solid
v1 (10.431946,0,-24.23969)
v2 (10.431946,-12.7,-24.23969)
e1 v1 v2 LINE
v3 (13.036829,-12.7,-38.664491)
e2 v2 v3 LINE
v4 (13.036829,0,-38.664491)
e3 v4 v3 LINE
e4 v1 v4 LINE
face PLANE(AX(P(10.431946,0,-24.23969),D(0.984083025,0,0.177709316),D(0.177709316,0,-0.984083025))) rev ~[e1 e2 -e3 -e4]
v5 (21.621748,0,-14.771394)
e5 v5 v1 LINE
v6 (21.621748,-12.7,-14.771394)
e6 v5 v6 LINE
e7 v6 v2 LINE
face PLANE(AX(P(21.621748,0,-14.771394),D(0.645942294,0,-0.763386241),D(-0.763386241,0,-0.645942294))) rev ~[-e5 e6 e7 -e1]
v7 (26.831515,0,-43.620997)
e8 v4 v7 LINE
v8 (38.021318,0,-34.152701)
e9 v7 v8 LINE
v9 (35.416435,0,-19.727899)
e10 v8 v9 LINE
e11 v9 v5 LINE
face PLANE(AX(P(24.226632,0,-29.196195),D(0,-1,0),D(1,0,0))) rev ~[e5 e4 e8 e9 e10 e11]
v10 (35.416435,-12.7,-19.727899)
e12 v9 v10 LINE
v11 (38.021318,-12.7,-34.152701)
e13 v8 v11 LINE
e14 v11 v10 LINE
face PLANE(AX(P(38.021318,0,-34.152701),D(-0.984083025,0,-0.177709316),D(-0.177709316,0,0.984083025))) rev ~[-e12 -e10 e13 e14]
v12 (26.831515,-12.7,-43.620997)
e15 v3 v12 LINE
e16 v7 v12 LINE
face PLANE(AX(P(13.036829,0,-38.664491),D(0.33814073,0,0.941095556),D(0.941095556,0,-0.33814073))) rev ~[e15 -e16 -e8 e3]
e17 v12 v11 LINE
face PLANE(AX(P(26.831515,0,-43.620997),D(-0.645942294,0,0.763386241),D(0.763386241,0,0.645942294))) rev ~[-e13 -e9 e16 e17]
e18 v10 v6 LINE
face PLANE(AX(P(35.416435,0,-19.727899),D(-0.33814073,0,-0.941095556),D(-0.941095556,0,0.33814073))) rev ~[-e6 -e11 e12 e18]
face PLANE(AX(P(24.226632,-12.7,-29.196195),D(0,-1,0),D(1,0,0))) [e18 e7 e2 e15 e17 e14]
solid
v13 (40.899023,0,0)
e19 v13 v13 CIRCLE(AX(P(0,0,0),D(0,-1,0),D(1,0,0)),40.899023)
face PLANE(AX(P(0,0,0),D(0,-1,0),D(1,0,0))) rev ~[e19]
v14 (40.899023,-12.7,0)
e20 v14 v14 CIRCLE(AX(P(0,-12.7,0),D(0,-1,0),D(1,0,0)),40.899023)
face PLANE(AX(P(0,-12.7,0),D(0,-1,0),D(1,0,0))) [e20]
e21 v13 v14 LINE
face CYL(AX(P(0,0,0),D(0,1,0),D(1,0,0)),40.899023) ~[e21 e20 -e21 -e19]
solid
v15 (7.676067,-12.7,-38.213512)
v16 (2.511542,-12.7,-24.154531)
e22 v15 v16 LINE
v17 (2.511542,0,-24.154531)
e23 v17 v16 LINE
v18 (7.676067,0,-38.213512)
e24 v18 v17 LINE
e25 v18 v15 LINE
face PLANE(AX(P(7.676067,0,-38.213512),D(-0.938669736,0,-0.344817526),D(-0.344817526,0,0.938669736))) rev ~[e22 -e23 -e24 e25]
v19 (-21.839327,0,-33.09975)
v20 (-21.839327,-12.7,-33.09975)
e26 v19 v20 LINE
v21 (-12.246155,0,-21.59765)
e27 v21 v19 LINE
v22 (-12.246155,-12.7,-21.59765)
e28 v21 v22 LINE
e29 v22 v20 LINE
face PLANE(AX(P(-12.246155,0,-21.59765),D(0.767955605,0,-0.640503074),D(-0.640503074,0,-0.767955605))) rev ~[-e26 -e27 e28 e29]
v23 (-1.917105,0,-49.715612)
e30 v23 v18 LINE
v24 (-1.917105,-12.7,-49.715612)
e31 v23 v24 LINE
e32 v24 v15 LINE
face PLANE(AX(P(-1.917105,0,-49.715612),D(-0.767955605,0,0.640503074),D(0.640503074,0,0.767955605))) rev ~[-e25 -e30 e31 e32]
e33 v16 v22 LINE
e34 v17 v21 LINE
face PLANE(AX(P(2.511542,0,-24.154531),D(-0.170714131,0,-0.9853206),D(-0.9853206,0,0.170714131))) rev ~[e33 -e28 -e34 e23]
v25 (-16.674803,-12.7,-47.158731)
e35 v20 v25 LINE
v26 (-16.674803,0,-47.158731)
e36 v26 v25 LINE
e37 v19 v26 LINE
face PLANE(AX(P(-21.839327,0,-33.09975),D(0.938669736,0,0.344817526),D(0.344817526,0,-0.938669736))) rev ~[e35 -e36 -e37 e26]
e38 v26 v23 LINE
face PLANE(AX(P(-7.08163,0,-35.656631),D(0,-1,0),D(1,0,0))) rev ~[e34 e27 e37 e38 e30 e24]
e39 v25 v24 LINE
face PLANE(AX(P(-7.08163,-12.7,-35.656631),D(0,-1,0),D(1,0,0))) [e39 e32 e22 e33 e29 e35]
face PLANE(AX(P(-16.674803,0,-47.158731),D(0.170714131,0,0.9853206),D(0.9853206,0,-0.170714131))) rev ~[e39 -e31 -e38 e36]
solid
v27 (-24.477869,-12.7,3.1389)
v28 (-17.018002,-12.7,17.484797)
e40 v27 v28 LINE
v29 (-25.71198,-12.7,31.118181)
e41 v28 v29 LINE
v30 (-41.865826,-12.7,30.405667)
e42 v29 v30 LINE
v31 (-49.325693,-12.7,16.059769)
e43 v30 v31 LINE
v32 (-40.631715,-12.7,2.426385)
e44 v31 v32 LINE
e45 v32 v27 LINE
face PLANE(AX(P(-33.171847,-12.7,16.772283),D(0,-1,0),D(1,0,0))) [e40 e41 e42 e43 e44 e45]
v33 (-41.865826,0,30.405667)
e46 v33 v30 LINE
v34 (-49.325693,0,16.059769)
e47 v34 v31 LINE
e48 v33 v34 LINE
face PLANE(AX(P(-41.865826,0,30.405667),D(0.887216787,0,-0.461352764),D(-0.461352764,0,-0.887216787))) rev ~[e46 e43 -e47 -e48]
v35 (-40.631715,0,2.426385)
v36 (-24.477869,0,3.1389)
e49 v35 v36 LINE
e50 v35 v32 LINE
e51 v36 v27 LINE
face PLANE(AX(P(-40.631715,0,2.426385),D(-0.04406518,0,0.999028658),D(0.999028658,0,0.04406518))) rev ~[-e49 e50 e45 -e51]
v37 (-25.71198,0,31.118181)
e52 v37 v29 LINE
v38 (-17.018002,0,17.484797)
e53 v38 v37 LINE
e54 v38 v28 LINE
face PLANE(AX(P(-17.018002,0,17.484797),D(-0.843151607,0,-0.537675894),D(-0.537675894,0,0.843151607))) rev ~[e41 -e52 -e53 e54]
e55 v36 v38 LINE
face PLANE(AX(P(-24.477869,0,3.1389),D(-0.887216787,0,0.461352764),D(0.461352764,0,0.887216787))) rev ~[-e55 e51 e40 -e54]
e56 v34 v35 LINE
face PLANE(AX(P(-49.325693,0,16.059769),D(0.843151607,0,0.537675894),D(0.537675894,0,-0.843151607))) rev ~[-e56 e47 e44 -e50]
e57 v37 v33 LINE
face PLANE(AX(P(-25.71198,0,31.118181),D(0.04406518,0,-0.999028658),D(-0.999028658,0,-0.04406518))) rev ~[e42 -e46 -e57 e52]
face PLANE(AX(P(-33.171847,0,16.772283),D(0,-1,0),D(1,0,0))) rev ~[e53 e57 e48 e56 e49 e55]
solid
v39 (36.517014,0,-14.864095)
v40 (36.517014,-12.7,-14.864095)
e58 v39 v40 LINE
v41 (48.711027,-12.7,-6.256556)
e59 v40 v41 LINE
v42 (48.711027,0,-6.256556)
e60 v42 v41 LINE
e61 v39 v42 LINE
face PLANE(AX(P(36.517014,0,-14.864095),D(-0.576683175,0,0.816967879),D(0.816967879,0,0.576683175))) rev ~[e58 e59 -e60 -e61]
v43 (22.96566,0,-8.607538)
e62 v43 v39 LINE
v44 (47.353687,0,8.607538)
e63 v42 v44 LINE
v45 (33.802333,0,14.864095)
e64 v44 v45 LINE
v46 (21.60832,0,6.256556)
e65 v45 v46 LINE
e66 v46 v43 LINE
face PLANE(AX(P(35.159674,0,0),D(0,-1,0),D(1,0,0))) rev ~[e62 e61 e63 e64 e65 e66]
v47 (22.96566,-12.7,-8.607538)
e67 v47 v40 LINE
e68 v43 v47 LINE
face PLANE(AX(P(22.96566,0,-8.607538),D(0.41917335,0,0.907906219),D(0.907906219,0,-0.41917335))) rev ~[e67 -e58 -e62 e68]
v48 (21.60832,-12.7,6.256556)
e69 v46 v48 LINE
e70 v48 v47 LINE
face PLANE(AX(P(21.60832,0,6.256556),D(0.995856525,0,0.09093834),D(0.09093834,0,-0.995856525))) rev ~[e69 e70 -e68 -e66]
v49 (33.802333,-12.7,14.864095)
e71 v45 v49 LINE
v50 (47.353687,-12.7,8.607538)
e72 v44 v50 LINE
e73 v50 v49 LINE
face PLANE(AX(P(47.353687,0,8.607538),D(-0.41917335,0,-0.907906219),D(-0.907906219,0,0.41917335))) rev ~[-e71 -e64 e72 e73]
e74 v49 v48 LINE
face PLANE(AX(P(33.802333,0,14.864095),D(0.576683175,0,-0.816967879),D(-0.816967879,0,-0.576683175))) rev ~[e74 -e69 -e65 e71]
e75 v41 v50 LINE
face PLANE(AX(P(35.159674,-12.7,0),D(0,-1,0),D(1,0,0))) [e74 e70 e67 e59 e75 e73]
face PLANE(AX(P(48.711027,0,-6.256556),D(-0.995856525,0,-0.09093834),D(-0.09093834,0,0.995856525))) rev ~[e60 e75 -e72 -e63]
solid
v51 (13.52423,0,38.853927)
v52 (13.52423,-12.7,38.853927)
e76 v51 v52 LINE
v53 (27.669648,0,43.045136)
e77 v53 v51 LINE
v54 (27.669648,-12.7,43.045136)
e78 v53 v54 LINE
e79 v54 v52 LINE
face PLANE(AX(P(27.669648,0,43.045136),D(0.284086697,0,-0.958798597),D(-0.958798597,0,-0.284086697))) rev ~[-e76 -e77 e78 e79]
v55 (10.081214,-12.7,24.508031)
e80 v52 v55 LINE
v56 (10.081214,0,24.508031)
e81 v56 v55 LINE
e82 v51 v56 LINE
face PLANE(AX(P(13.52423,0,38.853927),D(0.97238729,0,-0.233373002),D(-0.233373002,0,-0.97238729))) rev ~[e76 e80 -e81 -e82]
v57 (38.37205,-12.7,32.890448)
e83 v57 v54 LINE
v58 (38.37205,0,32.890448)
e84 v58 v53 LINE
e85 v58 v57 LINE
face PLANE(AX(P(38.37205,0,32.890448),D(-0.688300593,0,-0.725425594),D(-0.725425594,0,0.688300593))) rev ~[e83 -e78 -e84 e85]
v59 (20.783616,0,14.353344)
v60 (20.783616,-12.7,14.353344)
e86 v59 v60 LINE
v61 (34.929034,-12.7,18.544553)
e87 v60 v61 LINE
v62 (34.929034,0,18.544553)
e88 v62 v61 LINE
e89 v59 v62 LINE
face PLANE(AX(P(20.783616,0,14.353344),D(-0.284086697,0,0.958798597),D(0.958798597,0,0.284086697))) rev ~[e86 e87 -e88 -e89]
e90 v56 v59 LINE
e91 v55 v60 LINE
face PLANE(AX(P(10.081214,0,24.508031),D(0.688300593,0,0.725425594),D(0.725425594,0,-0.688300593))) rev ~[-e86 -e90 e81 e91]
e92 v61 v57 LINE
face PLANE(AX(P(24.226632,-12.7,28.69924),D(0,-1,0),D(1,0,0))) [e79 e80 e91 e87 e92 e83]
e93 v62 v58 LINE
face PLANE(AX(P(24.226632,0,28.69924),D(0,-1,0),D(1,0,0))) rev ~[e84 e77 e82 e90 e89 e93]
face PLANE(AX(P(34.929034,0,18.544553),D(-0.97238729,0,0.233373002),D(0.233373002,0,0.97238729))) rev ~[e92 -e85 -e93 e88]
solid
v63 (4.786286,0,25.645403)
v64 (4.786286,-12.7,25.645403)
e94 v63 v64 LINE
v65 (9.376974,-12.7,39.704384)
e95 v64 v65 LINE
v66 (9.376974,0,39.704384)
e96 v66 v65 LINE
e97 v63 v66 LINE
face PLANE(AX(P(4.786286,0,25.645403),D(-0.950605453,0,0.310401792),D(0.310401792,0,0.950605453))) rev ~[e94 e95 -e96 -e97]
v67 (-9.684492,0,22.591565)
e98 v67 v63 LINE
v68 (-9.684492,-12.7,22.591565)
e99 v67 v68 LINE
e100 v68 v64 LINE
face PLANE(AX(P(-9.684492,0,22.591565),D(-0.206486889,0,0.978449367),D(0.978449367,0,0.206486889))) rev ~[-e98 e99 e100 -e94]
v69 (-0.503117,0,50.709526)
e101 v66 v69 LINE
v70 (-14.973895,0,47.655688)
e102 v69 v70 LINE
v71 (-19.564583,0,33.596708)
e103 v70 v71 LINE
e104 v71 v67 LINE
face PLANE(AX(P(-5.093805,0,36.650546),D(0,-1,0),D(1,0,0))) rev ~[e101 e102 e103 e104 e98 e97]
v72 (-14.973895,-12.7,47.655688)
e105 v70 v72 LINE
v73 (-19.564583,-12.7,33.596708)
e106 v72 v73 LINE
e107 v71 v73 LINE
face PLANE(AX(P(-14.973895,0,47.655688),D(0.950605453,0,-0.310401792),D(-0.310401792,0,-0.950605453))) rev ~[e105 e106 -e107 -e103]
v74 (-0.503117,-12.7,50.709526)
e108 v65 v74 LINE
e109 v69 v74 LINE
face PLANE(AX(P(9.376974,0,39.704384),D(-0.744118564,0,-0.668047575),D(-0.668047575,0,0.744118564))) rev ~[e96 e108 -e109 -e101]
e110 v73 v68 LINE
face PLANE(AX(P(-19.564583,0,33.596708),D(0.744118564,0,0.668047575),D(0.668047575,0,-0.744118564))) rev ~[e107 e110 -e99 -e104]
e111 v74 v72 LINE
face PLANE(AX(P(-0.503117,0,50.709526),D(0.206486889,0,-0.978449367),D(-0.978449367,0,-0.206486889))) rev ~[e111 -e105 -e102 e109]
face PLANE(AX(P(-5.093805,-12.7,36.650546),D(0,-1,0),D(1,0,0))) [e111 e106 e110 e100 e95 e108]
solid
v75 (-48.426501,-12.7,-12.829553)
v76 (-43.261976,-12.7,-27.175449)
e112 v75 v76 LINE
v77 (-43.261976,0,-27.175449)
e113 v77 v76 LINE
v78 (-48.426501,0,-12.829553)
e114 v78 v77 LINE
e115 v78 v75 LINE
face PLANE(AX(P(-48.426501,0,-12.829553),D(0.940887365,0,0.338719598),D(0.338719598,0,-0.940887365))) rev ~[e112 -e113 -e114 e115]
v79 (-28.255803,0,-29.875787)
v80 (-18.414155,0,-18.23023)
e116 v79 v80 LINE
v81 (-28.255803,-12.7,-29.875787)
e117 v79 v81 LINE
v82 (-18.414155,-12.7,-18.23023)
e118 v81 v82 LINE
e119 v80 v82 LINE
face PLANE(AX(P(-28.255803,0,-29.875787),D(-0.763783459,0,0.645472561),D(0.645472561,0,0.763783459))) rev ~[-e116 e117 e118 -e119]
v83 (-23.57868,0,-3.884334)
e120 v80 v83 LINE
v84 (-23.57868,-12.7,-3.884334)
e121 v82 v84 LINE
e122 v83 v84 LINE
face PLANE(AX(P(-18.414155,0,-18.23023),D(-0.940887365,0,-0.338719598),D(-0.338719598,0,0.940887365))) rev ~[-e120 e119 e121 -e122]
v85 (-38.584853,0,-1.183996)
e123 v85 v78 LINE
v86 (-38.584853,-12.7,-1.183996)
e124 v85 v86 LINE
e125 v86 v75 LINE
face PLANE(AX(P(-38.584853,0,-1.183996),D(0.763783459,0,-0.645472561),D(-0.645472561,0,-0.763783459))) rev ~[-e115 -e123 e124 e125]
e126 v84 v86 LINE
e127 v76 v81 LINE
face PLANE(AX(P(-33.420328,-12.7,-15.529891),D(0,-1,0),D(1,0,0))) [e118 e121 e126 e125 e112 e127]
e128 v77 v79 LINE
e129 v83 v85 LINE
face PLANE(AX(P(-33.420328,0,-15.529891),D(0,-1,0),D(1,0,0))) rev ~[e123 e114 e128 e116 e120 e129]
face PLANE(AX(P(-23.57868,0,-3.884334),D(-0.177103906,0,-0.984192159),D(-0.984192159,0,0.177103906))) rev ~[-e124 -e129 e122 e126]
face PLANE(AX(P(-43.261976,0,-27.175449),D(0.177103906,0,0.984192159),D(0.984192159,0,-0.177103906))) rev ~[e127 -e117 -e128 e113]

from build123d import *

# Parameters (mm, degrees)
F8_DEPTH = 12.7
F0_R     = 40.899023384


with BuildPart() as f8:
    # F7 (on Front) → F8 (new body)
    with BuildSketch(Plane.XZ):
        Polygon((34.929034287, 18.5445526985), (38.3720500526, 32.8904484959), (27.6696477349, 43.0451355133), (13.5242296514, 38.8539267333), (10.0812138858, 24.5080309359), (20.7836162035, 14.3533439185), align=None)
    extrude(amount=F8_DEPTH)


with BuildPart() as f8b:
    # F6 (on Front) → F8, piece 2 (new body)
    with BuildSketch(Plane.XZ):
        Polygon((36.5170137254, -14.8640945163), (48.711027089, -6.2565561775), (47.3536869053, 8.6075383388), (33.8023333581, 14.8640945163), (21.6083199946, 6.2565561775), (22.9656601783, -8.6075383388), align=None)
    extrude(amount=F8_DEPTH)


with BuildPart() as f8c:
    # F5 (on Front) → F8, piece 3 (new body)
    with BuildSketch(Plane.XZ):
        Polygon((26.8315154482, -43.6209968592), (38.0213182997, -34.1527008151), (35.4164348207, -19.7278992603), (21.6217484902, -14.7713937496), (10.4319456387, -24.2396897937), (13.0368291177, -38.6644913485), align=None)
    extrude(amount=F8_DEPTH)


with BuildPart() as f8d:
    # F4 (on Front) → F8, piece 4 (new body)
    with BuildSketch(Plane.XZ):
        Polygon((-21.8393272707, -33.0997500807), (-16.6748025468, -47.1587311238), (-1.9171054502, -49.715612036), (7.6760669225, -38.2135119051), (2.5115421987, -24.154530862), (-12.246154898, -21.5976499498), align=None)
    extrude(amount=F8_DEPTH)


with BuildPart() as f8e:
    # F3 (on Front) → F8, piece 5 (new body)
    with BuildSketch(Plane.XZ):
        Polygon((-48.4265006134, -12.8295531867), (-43.2619758895, -27.1754489841), (-28.255803327, -29.8757872734), (-18.4141554883, -18.2302297654), (-23.5786802122, -3.884333968), (-38.5848527747, -1.1839956786), align=None)
    extrude(amount=F8_DEPTH)


with BuildPart() as f8f:
    # F1 (on Front) → F8, piece 6 (new body)
    with BuildSketch(Plane.XZ):
        Polygon((4.7862858646, 25.6454034841), (9.3769735522, 39.7043839896), (-0.503116873, 50.7095264005), (-14.9738949858, 47.6556883061), (-19.5645826734, 33.5967078006), (-9.6844922482, 22.5915653897), align=None)
    extrude(amount=F8_DEPTH)


with BuildPart() as f8g:
    # F2 (on Front) → F8, piece 7 (new body)
    with BuildSketch(Plane.XZ):
        Polygon((-24.4778691455, 3.1388995099), (-17.0180016533, 17.4847974581), (-25.7119799704, 31.1181811894), (-41.8658257798, 30.4056669724), (-49.325693272, 16.0597690242), (-40.6317149549, 2.426385293), align=None)
    extrude(amount=F8_DEPTH)


with BuildPart() as f8h:
    # F0 (on Front) → F8, piece 8 (new body)
    with BuildSketch(Plane.XZ):
        Circle(F0_R)
    extrude(amount=F8_DEPTH)


solid = Compound([f8.part, f8b.part, f8c.part, f8d.part, f8e.part, f8f.part, f8g.part, f8h.part])
